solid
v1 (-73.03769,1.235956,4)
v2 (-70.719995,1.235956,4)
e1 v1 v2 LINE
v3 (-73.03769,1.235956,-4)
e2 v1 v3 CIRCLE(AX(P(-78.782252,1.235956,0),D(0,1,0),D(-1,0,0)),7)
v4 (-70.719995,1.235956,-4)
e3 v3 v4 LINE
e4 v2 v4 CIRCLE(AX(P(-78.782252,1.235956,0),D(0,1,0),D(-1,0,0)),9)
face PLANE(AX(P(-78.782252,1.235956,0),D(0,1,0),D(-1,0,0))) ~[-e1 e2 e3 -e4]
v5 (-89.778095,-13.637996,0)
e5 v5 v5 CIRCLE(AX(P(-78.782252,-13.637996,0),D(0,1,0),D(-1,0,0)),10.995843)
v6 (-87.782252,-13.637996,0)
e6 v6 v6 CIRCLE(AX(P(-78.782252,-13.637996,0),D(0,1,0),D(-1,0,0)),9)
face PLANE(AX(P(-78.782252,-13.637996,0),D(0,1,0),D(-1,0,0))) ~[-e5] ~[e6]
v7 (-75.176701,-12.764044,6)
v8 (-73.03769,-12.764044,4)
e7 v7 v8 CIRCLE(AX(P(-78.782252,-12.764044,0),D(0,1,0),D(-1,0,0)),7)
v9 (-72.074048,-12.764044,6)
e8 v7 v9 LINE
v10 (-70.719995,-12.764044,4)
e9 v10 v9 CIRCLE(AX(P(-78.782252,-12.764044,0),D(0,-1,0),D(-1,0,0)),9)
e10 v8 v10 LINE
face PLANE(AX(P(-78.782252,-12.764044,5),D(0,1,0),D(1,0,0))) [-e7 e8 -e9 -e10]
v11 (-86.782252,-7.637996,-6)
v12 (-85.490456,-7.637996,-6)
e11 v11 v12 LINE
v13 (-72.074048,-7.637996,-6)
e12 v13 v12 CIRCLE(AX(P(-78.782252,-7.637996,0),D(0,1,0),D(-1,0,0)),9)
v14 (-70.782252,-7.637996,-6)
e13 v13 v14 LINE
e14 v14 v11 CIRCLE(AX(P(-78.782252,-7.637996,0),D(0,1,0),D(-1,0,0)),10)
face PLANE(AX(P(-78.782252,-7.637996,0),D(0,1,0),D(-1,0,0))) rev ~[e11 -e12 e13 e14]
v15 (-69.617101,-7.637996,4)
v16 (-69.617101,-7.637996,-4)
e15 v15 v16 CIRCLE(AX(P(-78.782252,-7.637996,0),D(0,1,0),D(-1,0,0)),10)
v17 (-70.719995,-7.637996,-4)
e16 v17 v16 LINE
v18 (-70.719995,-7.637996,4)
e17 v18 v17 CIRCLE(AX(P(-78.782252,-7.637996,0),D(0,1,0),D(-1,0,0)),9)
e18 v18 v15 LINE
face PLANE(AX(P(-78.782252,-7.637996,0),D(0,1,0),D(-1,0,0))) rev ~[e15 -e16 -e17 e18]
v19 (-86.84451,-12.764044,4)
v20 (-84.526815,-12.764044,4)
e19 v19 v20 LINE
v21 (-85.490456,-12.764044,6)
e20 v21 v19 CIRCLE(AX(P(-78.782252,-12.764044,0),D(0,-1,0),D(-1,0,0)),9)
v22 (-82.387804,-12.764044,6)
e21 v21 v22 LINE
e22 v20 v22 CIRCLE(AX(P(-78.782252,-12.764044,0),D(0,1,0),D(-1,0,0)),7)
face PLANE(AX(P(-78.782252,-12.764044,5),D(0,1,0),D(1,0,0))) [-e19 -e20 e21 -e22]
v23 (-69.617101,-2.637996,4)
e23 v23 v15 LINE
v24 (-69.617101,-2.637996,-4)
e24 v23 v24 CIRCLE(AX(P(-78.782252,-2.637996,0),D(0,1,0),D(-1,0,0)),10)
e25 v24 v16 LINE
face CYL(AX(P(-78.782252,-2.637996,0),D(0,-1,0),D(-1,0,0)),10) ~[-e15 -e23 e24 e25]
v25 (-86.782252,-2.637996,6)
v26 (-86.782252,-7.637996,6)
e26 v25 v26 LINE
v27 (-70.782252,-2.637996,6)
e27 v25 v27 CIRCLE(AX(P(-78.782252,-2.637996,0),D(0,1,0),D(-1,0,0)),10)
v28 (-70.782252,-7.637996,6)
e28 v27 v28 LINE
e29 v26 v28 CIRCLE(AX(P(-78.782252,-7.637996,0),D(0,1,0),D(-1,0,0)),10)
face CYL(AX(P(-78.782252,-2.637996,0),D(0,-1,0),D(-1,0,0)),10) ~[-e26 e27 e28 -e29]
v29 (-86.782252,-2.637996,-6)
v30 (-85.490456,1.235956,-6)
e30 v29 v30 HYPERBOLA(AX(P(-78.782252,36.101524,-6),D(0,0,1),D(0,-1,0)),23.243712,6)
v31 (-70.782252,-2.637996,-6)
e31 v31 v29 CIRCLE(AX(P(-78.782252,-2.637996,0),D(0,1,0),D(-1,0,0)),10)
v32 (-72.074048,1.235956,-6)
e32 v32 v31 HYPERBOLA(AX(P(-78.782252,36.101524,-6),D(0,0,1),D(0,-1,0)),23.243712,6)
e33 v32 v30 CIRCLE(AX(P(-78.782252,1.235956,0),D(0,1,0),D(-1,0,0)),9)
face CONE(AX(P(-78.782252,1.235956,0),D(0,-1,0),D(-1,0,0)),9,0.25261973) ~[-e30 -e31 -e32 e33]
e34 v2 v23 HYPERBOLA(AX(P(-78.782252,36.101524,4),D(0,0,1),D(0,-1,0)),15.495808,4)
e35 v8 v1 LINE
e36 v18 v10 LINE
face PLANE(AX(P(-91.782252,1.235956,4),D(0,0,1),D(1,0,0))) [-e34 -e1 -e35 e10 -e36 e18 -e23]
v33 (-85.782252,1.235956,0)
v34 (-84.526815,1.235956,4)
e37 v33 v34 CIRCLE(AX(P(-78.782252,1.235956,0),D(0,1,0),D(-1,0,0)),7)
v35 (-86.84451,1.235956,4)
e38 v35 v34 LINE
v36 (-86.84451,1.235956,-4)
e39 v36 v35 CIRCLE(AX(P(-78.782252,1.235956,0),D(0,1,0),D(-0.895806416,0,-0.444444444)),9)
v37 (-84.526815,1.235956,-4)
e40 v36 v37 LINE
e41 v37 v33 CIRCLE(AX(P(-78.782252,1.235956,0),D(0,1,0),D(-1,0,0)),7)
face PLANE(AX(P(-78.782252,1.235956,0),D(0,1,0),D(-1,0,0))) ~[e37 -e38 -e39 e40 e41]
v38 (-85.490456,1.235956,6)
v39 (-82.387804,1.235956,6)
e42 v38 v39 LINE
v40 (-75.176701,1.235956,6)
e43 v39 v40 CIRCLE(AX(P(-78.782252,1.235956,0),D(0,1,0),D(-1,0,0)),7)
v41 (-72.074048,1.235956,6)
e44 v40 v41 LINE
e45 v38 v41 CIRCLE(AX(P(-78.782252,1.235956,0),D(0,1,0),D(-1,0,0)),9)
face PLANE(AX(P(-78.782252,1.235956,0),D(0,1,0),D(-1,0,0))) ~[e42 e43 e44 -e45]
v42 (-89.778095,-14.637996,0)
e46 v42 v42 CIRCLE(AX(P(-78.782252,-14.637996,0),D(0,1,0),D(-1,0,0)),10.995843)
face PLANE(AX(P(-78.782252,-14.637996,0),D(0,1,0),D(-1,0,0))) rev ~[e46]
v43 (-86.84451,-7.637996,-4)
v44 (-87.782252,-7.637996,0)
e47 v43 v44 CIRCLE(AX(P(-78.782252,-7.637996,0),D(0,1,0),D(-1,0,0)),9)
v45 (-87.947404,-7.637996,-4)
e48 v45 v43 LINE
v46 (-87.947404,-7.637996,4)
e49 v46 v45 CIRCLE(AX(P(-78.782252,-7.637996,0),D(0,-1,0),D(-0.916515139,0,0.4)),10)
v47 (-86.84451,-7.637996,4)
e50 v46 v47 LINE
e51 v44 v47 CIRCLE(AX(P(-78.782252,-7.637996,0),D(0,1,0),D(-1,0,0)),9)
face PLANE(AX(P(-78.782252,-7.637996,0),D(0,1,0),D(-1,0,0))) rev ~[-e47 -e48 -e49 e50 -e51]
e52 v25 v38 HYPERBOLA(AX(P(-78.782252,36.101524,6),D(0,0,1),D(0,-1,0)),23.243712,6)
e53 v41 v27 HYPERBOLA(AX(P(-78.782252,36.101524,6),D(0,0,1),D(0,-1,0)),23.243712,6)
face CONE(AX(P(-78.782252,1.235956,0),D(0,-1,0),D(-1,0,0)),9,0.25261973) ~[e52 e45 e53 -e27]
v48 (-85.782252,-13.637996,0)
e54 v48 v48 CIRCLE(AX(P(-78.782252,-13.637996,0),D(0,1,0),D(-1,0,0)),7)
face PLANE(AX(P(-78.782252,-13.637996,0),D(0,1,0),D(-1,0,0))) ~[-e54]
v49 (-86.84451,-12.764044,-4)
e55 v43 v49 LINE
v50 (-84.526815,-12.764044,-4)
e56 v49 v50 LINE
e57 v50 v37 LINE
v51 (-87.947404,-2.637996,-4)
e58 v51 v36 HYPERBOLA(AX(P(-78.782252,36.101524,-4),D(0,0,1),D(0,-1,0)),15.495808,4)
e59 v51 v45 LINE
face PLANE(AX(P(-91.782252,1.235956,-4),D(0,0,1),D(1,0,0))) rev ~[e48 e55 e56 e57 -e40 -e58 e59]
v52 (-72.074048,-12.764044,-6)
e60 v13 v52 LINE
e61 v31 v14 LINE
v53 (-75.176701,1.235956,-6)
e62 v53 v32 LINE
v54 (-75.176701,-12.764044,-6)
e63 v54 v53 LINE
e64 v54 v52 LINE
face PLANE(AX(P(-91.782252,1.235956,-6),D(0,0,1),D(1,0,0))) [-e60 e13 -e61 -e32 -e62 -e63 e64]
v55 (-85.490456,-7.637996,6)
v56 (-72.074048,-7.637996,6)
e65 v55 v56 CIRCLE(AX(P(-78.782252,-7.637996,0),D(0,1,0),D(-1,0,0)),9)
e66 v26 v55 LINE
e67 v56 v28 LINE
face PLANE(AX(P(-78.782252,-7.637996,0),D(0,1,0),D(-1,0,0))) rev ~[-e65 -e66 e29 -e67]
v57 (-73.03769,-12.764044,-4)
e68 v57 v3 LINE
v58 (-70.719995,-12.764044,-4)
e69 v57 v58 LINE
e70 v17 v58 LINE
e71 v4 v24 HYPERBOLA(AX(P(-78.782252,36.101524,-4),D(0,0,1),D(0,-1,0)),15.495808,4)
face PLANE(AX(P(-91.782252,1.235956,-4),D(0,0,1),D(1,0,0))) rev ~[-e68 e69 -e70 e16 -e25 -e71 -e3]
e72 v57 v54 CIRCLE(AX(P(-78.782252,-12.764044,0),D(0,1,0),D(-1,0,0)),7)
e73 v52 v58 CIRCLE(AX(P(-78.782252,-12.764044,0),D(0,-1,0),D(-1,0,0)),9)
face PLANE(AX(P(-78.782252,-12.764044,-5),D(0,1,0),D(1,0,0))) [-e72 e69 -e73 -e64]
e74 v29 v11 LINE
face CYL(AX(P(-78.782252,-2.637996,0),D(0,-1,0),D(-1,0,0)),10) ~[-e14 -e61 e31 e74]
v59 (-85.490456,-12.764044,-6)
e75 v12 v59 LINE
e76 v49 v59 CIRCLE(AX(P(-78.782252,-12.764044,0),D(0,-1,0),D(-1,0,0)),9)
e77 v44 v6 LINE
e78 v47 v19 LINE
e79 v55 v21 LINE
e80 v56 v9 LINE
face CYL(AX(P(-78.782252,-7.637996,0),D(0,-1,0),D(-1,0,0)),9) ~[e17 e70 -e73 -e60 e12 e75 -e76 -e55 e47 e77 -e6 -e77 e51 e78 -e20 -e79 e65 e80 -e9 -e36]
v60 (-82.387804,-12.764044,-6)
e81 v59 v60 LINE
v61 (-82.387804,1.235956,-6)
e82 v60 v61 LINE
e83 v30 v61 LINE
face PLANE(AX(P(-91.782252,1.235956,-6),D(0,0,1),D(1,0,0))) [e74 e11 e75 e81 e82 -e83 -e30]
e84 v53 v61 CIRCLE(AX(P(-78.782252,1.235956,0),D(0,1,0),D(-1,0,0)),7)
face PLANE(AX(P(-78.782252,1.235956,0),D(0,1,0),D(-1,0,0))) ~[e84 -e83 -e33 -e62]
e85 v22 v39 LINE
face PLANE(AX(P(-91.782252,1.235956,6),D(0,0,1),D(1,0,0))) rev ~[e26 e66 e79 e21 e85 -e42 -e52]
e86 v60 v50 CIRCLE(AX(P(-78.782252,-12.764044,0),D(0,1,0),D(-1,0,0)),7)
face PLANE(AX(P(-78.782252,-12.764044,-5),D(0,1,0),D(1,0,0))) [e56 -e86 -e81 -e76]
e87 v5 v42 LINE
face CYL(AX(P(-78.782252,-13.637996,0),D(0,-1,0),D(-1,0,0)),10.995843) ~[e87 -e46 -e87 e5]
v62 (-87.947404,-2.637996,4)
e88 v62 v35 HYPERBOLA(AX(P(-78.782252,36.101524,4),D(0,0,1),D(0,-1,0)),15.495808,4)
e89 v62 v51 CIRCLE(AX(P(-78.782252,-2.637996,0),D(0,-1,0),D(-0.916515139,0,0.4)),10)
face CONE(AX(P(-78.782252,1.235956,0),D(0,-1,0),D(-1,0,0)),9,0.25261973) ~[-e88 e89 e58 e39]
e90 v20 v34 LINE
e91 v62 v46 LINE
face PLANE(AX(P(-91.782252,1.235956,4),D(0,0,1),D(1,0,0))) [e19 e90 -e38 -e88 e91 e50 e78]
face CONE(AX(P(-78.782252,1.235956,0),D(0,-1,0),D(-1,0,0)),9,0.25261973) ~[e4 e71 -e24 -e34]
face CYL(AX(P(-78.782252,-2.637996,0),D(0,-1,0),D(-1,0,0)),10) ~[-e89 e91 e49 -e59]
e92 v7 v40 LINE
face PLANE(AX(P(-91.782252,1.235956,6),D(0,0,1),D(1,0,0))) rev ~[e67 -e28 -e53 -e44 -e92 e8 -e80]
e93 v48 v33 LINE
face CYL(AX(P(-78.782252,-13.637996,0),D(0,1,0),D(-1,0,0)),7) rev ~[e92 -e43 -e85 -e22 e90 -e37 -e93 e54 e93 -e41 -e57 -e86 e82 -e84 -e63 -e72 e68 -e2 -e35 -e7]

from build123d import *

# Parameters (mm, degrees)
CROQUIS2_W            = 26
CROQUIS2_H            = 2
CORTAR_EXTRUIR1_DEPTH = 14


with BuildPart() as part:
    # Croquis1 → Revolución1 (revolve)
    with BuildSketch(Plane.XY):
        Polygon((-89.778094977, -14.637996222), (-78.782252338, -14.637996222), (-78.782252338, -13.637996222), (-85.782252338, -13.637996222), (-85.782252338, 1.235955759), (-87.782252338, 1.235955759), (-88.782252338, -2.637996222), (-88.782252338, -7.637996222), (-87.782252338, -7.637996222), (-87.782252338, -13.637996222), (-89.778094977, -13.637996222), align=None)
    revolve(axis=Axis((-78.782252338, -14.637996222, 0), (0, 1, 0)))

    # Croquis2 → Cortar-Extruir1 (cut)
    with BuildSketch(Plane(origin=(0, 1.235955759, 0), x_dir=(1, 0, 0), z_dir=(0, 1, 0))):
        with Locations((-78.782252338, -5)):
            Rectangle(CROQUIS2_W, CROQUIS2_H)
        with Locations((-78.782252338, 5)):
            Rectangle(CROQUIS2_W, CROQUIS2_H)
    extrude(amount=-CORTAR_EXTRUIR1_DEPTH, mode=Mode.SUBTRACT)


solid = part.part
